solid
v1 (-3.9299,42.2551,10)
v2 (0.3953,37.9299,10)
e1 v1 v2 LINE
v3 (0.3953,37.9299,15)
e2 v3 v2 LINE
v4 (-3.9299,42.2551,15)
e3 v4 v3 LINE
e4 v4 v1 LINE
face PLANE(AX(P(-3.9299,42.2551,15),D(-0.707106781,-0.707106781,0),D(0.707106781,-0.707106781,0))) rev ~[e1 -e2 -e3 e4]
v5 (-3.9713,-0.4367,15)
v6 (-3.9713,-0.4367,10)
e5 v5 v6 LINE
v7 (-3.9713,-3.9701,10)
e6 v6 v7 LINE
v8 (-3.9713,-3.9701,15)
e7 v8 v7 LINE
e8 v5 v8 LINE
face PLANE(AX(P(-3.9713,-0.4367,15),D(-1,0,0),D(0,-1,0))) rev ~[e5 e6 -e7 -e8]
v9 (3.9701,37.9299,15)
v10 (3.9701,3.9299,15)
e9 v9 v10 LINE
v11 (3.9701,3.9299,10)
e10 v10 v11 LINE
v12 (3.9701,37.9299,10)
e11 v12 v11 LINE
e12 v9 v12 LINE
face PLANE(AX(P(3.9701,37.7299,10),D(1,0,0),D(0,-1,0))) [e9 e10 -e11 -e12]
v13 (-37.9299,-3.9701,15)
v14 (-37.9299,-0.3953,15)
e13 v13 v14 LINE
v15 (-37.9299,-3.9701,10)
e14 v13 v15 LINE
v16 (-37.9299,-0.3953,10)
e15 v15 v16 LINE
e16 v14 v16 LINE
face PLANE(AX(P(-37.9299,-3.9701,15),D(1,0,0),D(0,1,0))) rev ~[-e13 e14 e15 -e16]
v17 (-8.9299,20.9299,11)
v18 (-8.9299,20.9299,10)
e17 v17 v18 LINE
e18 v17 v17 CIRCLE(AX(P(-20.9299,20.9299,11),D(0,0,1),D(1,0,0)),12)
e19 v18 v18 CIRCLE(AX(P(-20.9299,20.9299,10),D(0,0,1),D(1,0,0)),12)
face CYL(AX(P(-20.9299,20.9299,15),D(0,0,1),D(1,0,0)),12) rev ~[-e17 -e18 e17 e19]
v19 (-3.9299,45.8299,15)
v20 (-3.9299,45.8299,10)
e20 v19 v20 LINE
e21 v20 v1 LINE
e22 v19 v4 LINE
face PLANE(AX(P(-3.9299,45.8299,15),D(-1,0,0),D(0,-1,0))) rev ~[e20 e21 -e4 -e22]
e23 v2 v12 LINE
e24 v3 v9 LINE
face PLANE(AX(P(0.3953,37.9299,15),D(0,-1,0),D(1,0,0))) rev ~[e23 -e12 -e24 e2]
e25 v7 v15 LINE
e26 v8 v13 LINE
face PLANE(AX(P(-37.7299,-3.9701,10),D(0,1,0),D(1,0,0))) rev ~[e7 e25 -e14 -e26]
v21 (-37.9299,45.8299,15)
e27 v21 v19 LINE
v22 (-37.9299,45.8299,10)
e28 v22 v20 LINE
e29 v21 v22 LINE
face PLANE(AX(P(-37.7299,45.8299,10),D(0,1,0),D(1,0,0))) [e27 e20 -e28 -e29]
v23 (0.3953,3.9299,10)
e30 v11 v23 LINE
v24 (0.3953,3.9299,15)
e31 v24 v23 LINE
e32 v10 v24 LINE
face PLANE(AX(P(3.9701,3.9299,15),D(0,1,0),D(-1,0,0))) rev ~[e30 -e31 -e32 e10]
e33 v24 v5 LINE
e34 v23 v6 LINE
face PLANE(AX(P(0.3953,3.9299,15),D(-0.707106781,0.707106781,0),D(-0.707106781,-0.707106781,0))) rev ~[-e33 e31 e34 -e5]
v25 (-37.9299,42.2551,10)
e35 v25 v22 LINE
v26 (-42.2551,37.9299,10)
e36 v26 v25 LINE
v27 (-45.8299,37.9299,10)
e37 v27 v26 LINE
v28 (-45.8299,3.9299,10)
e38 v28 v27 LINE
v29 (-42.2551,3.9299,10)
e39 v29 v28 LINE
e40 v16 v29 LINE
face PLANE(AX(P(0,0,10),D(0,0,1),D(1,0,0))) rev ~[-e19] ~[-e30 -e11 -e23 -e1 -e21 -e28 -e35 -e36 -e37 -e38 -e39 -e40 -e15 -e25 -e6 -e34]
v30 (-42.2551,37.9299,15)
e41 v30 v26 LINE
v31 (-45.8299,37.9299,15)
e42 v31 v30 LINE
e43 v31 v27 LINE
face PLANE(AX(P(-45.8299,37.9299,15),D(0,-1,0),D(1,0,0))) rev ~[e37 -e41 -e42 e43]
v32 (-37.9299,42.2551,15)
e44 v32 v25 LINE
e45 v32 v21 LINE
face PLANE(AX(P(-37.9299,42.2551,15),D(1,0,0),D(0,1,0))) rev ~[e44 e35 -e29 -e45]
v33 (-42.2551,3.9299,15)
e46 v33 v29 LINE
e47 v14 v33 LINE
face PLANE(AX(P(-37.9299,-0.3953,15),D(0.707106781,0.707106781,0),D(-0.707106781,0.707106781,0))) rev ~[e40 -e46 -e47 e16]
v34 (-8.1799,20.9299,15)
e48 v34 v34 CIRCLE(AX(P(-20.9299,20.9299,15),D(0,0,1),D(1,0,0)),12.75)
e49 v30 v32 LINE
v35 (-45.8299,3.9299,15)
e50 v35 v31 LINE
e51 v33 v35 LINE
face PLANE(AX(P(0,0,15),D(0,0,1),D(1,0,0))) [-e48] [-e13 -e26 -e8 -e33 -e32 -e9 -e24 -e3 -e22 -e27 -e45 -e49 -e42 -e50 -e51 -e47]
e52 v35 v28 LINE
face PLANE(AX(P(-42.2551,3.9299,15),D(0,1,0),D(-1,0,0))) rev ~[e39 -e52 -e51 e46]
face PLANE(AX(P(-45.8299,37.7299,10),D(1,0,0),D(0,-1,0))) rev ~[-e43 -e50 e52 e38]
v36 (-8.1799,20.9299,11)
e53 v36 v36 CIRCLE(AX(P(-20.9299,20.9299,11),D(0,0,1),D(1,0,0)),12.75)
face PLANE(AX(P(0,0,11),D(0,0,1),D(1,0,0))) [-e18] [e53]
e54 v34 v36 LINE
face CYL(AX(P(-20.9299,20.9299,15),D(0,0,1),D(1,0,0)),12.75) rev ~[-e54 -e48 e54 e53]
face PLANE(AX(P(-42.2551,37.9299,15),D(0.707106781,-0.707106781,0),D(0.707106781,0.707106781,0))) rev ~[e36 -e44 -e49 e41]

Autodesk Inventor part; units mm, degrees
ref_plane "YZ Plane" through (0, 0, 0) normal (1, 0, 0) x (0, 1, 0)
ref_plane "XZ Plane" through (0, 0, 0) normal (0, 1, 0) x (-1, 0, 0)
ref_plane "Work Plane1" through (0, 0, 10) normal (0, 0, 1) x (1, 0, 0)
sketch "Sketch1" plane through (0, 0, 10) normal (0, 0, 1) x (1, 0, 0)
  line L0 (-4.0299, -0.3538) -> (-2.2322, 1.4439) construction
  arc A0 (-1.4439, 2.2322) -> (-2.2322, 1.4439) centre (-0.9299, 0.9299) ccw construction
  line L1 (-1.4439, 2.2322) -> (0.3538, 4.0299) construction
  line L2 (-37.8299, 42.8299) -> (-37.8299, 37.8299) construction
  line L3 (-37.8299, 37.8299) -> (-42.9208, 37.8299) construction
  line L4 (-37.8299, 42.2137) -> (-37.8299, 45.8299) construction
  line L5 (-37.8299, 45.8299) -> (-4.0299, 45.8299) construction
  line L6 (-4.0299, 45.8299) -> (-4.0299, 42.2137) construction
  line L7 (-4.0299, 4.0299) -> (0.3538, 4.0299) projected
  circle A1 centre (-20.9299, 20.9299) radius 17.5 projected
  line L8 (-20.9299, 58.9723) -> (17.1124, 20.9299) construction
  line L9 (17.1124, 20.9299) -> (-20.9299, -17.1124) construction
  line L10 (-20.9299, -17.1124) -> (-58.9723, 20.9299) construction
  line L11 (-58.9723, 20.9299) -> (-20.9299, 58.9723) construction
  line L12 (-20.9299, 58.9723) -> (-20.9299, -17.1124) construction
  line L13 (17.1124, 20.9299) -> (-58.9723, 20.9299) construction
  line L14 (-20.9299, 58.9723) -> (32.8701, 58.9723) construction
  line L15 (-43.4299, 43.4299) -> (1.5701, 43.4299) construction
  line L16 (1.5701, 43.4299) -> (1.5701, -1.5701) construction
  line L17 (1.5701, -1.5701) -> (-43.4299, -1.5701) construction
  line L18 (-43.4299, -1.5701) -> (-43.4299, 43.4299) construction
  line L19 (-43.4299, 43.4299) -> (1.5701, -1.5701) construction
  line L20 (1.5701, 43.4299) -> (-43.4299, -1.5701) construction
  line L21 (-43.4299, 5.3876) -> (-43.4299, 36.4723)
  line L22 (-43.4299, 36.4723) -> (-36.4723, 43.4299)
  line L23 (-36.4723, 43.4299) -> (-5.3876, 43.4299)
  line L24 (-5.3876, 43.4299) -> (1.5701, 36.4723)
  line L25 (1.5701, 36.4723) -> (1.5701, 5.3876)
  line L26 (1.5701, 5.3876) -> (-5.3876, -1.5701)
  line L27 (-5.3876, -1.5701) -> (-36.4723, -1.5701)
  line L28 (-36.4723, -1.5701) -> (-43.4299, 5.3876)
  line L29 (-4.0299, 42.2137) -> (-37.8299, 42.2137) projected
  line L30 (-4.0299, -0.3538) -> (-4.0299, 4.0299) projected
  circle A2 centre (-20.9299, 20.9299) radius 1.5
  line L31 (-10.9299, 10.9299) -> (-30.9299, 10.9299) construction
  line L32 (-30.9299, 10.9299) -> (-30.9299, 30.9299) construction
  line L33 (-30.9299, 30.9299) -> (-10.9299, 30.9299) construction
  line L34 (-10.9299, 30.9299) -> (-10.9299, 10.9299) construction
  line L35 (-10.9299, 10.9299) -> (-30.9299, 30.9299) construction
  line L36 (-30.9299, 10.9299) -> (-10.9299, 30.9299) construction
  circle A3 centre (-30.9299, 30.9299) radius 1.4
  circle A4 centre (-30.9299, 10.9299) radius 1.4
  circle A5 centre (-10.9299, 10.9299) radius 1.4
  line L37 (-45.8299, 37.8299) -> (-42.0723, 37.8299) construction
  line L38 (-42.1723, 37.7299) -> (-45.8299, 37.7299)
  line L39 (-45.8299, 37.7299) -> (-45.8299, 4.1299)
  line L40 (-45.8299, 4.1299) -> (-42.1723, 4.1299)
  line L41 (-42.1723, 4.1299) -> (-42.1723, 37.7299)
  line L42 (-45.8299, 4.0299) -> (-42.0723, 4.0299) construction
  line L43 (-45.8299, 37.8299) -> (-42.0723, 37.8299) projected
  line L44 (-37.7299, 45.8299) -> (-4.1299, 45.8299)
  line L45 (-4.1299, 45.8299) -> (-4.1299, 42.1723)
  line L46 (-4.1299, 42.1723) -> (-37.7299, 42.1723)
  line L47 (-37.7299, 42.1723) -> (-37.7299, 45.8299)
  line L48 (0.4701, 37.8299) -> (0.4701, 4.0299) construction
  line L49 (0.4701, 4.0299) -> (3.9701, 4.0299) construction
  line L50 (3.9701, 37.8299) -> (3.9701, 4.0299) construction
  line L51 (0.4701, 37.8299) -> (3.9701, 37.8299) construction
  line L52 (-45.8299, -3.9701) -> (-4.0299, -3.9701) construction
  line L53 (0.3124, 37.7299) -> (3.9701, 37.7299)
  line L54 (3.9701, 37.7299) -> (3.9701, 4.1299)
  line L55 (3.9701, 4.1299) -> (0.3124, 4.1299)
  line L56 (0.3124, 4.1299) -> (0.3124, 37.7299)
  line L57 (-4.1713, -0.3538) -> (-37.7299, -0.3538)
  line L58 (-37.7299, -0.3538) -> (-37.7299, -3.9701)
  line L59 (-37.7299, -3.9701) -> (-4.1713, -3.9701)
  line L60 (-4.1713, -3.9701) -> (-4.1713, -0.3538)
  point P0 (-37.8299, 4.0299)
  dimension "d18" = 53.8
  dimension "d19" = 45
  dimension "d20" = 53.8
  dimension "d21" = 45
  dimension "d22" = 45
  dimension "d30" = 20
  dimension "d31" = 20
  dimension "d32" = 2.8
  dimension "d33" = 2.8
  dimension "d34" = 2.8
  dimension "d35" = 3
  dimension "d36" = 0.1
  dimension "d37" = 0.1
  dimension "d38" = 0.1
  dimension "d39" = 0.1
extrude "Extrusion1" add sketch "Sketch1" along normal blind 5 contours L30 L26 L57 L28 L41 L22 L46 L24 L56 L7 | L7 L26 L30 | L56 L24 L25 L26 | L26 L25 L24 L53 L54 L55 | L60 L59 L58 L57 L28 L27 L26 | L26 L27 L28 L57 | L46 L22 L29 L24 | L24 L29 L45 | L40 L39 L38 L22 L21 L28 | L28 L21 L22 L41 | L29 L22 L23 L24 | L24 L23 L22 L29 L47 L44 L45 | L47 L29 L22 | A1 | A2 | A3 | A4 | A5
sketch "Skizze4" plane through (0, 0, 15) normal (0, 0, 1) x (1, 0, 0)
  line L0 (-37.7299, 42.1723) -> (-42.1723, 37.7299) projected
  line L1 (-42.1723, 37.7299) -> (-45.8299, 37.7299) projected
  line L2 (-45.8299, 37.7299) -> (-45.8299, 4.1299) construction
  line L3 (-45.8299, 4.1299) -> (-42.1723, 4.1299) projected
  line L4 (-42.1723, 4.1299) -> (-37.6885, -0.3538) projected
  line L5 (-37.6885, -0.3538) -> (-37.7299, -0.3538) projected
  line L6 (-37.7299, -0.3538) -> (-37.7299, -3.9701) projected
  line L7 (-37.7299, -3.9701) -> (-4.1713, -3.9701) construction
  line L8 (-4.1713, -3.9701) -> (-4.1713, -0.3538) projected
  line L9 (-4.1713, -0.3538) -> (0.3124, 4.1299) projected
  line L10 (0.3124, 4.1299) -> (3.9701, 4.1299) projected
  line L11 (3.9701, 4.1299) -> (3.9701, 37.7299) construction
  line L12 (3.9701, 37.7299) -> (0.3124, 37.7299) projected
  line L13 (0.3124, 37.7299) -> (-4.1299, 42.1723) projected
  line L14 (-4.1299, 42.1723) -> (-4.1299, 45.8299) projected
  line L15 (-4.1299, 45.8299) -> (-37.7299, 45.8299) construction
  line L16 (-37.7299, 45.8299) -> (-37.7299, 42.1723) projected
  line L17 (-37.9299, 46.0299) -> (-3.9299, 46.0299) construction
  line L18 (-3.9299, 46.0299) -> (-3.9299, 42.2551)
  line L19 (-3.9299, 42.2551) -> (0.3953, 37.9299)
  line L20 (0.3953, 37.9299) -> (4.1701, 37.9299)
  line L21 (4.1701, 37.9299) -> (4.1701, 3.9299) construction
  line L22 (4.1701, 3.9299) -> (0.3953, 3.9299)
  line L23 (0.3953, 3.9299) -> (-3.9713, -0.4367)
  line L24 (-3.9713, -0.4367) -> (-3.9713, -4.1701)
  line L25 (-3.9713, -4.1701) -> (-37.9299, -4.1701) construction
  line L26 (-37.9299, -4.1701) -> (-37.9299, -0.3953)
  line L27 (-37.9299, -0.3953) -> (-42.2551, 3.9299)
  line L28 (-42.2551, 3.9299) -> (-46.0299, 3.9299)
  line L29 (-46.0299, 3.9299) -> (-46.0299, 37.9299) construction
  line L30 (-46.0299, 37.9299) -> (-42.2551, 37.9299)
  line L31 (-42.2551, 37.9299) -> (-37.9299, 42.2551)
  line L32 (-37.9299, 42.2551) -> (-37.9299, 46.0299)
  line L33 (-45.8299, 37.7299) -> (-45.8299, 37.9299)
  line L34 (-4.1299, 45.8299) -> (-37.7299, 45.8299) projected
  line L35 (-37.7299, 45.8299) -> (-37.9299, 45.8299)
  line L36 (-4.1299, 45.8299) -> (-3.9299, 45.8299)
  line L37 (3.9701, 37.7299) -> (3.9701, 37.9299)
  line L38 (3.9701, 4.1299) -> (3.9701, 37.7299) projected
  line L39 (3.9701, 4.1299) -> (3.9701, 3.9299)
  line L40 (-4.1713, -3.9701) -> (-3.9713, -3.9701)
  line L41 (-37.7299, -3.9701) -> (-37.9299, -3.9701)
  line L42 (-45.8299, 4.1299) -> (-45.8299, 3.9299)
  point P0 (0, 0)
  dimension "d40" = 0.2
extrude "IM_offset" add sketch "Skizze4" against normal up to surface (5 mm away)
sketch "Sketch20" plane through (0, 0, 15) normal (0, 0, 1) x (1, 0, 0)
  line L0 (-3.9299, 45.8299) -> (-37.9299, 45.8299) projected
  line L1 (-37.9299, 45.8299) -> (-37.9299, 42.2551) projected
  line L2 (-37.9299, 42.2551) -> (-42.2551, 37.9299) projected
  line L3 (-42.2551, 37.9299) -> (-45.8299, 37.9299) projected
  line L4 (-45.8299, 37.9299) -> (-45.8299, 3.9299) projected
  line L5 (-42.2551, 3.9299) -> (-45.8299, 3.9299) projected
  line L6 (-37.9299, -0.3953) -> (-42.2551, 3.9299) projected
  line L7 (-37.9299, -3.9701) -> (-37.9299, -0.3953) projected
  line L8 (-3.9713, -3.9701) -> (-37.9299, -3.9701) projected
  line L9 (-3.9713, -3.9701) -> (-3.9713, -0.4367) projected
  line L10 (-3.9713, -0.4367) -> (0.3953, 3.9299) projected
  line L11 (0.3953, 3.9299) -> (3.9701, 3.9299) projected
  line L12 (3.9701, 3.9299) -> (3.9701, 37.9299) projected
  line L13 (3.9701, 37.9299) -> (0.3953, 37.9299) projected
  line L14 (0.3953, 37.9299) -> (-3.9299, 42.2551) projected
  line L15 (-3.9299, 42.2551) -> (-3.9299, 45.8299) projected
  circle A0 centre (-20.9299, 20.9299) radius 12
  circle A1 centre (-28.9299, 12.9299) radius 3.95
  line L16 (-12.9299, 28.9299) -> (-28.9299, 28.9299)
  line L17 (-28.9299, 28.9299) -> (-28.9299, 12.9299)
  line L18 (-28.9299, 12.9299) -> (-12.9299, 12.9299)
  line L19 (-12.9299, 12.9299) -> (-12.9299, 28.9299)
  line L20 (-12.9299, 28.9299) -> (-28.9299, 12.9299) construction
  line L21 (-28.9299, 28.9299) -> (-12.9299, 12.9299) construction
  circle A2 centre (-28.9299, 28.9299) radius 3.95
  circle A3 centre (-12.9299, 28.9299) radius 3.95
  circle A4 centre (-12.9299, 12.9299) radius 3.95
  point P0 (0, 0)
  dimension "d113" = 24
  dimension "d114" = 7.9
  dimension "d115" = 16
  dimension "d116" = 16
  dimension "d117" = 7.9
  dimension "d118" = 7.9
  dimension "d119" = 7.9
extrude "Extrusion18" cut sketch "Sketch20" against normal through all contours A0 A4 L19 A3 | A3 L19 L16 A0 | A0 A4 L18 L19 | A3 L16 A2 A0 | A3 L16 L19 | L19 A4 L18 A1 L17 A2 L16 A3 | A0 A1 L18 A4 | L19 L18 A4 | A2 L16 L17 A0 | A0 A1 L17 L18 | A2 L17 A1 A0 | A2 L17 L16 | L18 L17 A1
sketch "Sketch23" plane through (0, 0, 15) normal (0, 0, 1) x (1, 0, 0)
  circle A0 centre (-20.9299, 20.9299) radius 12 projected
  circle A1 centre (-20.9299, 20.9299) radius 12.75
  point P0 (0, 0)
  dimension "d140" = 25.5
extrude "Extrusion19" cut sketch "Sketch23" against normal blind 4
properties part number "20_Cube_Insert_Filter_25mm"
